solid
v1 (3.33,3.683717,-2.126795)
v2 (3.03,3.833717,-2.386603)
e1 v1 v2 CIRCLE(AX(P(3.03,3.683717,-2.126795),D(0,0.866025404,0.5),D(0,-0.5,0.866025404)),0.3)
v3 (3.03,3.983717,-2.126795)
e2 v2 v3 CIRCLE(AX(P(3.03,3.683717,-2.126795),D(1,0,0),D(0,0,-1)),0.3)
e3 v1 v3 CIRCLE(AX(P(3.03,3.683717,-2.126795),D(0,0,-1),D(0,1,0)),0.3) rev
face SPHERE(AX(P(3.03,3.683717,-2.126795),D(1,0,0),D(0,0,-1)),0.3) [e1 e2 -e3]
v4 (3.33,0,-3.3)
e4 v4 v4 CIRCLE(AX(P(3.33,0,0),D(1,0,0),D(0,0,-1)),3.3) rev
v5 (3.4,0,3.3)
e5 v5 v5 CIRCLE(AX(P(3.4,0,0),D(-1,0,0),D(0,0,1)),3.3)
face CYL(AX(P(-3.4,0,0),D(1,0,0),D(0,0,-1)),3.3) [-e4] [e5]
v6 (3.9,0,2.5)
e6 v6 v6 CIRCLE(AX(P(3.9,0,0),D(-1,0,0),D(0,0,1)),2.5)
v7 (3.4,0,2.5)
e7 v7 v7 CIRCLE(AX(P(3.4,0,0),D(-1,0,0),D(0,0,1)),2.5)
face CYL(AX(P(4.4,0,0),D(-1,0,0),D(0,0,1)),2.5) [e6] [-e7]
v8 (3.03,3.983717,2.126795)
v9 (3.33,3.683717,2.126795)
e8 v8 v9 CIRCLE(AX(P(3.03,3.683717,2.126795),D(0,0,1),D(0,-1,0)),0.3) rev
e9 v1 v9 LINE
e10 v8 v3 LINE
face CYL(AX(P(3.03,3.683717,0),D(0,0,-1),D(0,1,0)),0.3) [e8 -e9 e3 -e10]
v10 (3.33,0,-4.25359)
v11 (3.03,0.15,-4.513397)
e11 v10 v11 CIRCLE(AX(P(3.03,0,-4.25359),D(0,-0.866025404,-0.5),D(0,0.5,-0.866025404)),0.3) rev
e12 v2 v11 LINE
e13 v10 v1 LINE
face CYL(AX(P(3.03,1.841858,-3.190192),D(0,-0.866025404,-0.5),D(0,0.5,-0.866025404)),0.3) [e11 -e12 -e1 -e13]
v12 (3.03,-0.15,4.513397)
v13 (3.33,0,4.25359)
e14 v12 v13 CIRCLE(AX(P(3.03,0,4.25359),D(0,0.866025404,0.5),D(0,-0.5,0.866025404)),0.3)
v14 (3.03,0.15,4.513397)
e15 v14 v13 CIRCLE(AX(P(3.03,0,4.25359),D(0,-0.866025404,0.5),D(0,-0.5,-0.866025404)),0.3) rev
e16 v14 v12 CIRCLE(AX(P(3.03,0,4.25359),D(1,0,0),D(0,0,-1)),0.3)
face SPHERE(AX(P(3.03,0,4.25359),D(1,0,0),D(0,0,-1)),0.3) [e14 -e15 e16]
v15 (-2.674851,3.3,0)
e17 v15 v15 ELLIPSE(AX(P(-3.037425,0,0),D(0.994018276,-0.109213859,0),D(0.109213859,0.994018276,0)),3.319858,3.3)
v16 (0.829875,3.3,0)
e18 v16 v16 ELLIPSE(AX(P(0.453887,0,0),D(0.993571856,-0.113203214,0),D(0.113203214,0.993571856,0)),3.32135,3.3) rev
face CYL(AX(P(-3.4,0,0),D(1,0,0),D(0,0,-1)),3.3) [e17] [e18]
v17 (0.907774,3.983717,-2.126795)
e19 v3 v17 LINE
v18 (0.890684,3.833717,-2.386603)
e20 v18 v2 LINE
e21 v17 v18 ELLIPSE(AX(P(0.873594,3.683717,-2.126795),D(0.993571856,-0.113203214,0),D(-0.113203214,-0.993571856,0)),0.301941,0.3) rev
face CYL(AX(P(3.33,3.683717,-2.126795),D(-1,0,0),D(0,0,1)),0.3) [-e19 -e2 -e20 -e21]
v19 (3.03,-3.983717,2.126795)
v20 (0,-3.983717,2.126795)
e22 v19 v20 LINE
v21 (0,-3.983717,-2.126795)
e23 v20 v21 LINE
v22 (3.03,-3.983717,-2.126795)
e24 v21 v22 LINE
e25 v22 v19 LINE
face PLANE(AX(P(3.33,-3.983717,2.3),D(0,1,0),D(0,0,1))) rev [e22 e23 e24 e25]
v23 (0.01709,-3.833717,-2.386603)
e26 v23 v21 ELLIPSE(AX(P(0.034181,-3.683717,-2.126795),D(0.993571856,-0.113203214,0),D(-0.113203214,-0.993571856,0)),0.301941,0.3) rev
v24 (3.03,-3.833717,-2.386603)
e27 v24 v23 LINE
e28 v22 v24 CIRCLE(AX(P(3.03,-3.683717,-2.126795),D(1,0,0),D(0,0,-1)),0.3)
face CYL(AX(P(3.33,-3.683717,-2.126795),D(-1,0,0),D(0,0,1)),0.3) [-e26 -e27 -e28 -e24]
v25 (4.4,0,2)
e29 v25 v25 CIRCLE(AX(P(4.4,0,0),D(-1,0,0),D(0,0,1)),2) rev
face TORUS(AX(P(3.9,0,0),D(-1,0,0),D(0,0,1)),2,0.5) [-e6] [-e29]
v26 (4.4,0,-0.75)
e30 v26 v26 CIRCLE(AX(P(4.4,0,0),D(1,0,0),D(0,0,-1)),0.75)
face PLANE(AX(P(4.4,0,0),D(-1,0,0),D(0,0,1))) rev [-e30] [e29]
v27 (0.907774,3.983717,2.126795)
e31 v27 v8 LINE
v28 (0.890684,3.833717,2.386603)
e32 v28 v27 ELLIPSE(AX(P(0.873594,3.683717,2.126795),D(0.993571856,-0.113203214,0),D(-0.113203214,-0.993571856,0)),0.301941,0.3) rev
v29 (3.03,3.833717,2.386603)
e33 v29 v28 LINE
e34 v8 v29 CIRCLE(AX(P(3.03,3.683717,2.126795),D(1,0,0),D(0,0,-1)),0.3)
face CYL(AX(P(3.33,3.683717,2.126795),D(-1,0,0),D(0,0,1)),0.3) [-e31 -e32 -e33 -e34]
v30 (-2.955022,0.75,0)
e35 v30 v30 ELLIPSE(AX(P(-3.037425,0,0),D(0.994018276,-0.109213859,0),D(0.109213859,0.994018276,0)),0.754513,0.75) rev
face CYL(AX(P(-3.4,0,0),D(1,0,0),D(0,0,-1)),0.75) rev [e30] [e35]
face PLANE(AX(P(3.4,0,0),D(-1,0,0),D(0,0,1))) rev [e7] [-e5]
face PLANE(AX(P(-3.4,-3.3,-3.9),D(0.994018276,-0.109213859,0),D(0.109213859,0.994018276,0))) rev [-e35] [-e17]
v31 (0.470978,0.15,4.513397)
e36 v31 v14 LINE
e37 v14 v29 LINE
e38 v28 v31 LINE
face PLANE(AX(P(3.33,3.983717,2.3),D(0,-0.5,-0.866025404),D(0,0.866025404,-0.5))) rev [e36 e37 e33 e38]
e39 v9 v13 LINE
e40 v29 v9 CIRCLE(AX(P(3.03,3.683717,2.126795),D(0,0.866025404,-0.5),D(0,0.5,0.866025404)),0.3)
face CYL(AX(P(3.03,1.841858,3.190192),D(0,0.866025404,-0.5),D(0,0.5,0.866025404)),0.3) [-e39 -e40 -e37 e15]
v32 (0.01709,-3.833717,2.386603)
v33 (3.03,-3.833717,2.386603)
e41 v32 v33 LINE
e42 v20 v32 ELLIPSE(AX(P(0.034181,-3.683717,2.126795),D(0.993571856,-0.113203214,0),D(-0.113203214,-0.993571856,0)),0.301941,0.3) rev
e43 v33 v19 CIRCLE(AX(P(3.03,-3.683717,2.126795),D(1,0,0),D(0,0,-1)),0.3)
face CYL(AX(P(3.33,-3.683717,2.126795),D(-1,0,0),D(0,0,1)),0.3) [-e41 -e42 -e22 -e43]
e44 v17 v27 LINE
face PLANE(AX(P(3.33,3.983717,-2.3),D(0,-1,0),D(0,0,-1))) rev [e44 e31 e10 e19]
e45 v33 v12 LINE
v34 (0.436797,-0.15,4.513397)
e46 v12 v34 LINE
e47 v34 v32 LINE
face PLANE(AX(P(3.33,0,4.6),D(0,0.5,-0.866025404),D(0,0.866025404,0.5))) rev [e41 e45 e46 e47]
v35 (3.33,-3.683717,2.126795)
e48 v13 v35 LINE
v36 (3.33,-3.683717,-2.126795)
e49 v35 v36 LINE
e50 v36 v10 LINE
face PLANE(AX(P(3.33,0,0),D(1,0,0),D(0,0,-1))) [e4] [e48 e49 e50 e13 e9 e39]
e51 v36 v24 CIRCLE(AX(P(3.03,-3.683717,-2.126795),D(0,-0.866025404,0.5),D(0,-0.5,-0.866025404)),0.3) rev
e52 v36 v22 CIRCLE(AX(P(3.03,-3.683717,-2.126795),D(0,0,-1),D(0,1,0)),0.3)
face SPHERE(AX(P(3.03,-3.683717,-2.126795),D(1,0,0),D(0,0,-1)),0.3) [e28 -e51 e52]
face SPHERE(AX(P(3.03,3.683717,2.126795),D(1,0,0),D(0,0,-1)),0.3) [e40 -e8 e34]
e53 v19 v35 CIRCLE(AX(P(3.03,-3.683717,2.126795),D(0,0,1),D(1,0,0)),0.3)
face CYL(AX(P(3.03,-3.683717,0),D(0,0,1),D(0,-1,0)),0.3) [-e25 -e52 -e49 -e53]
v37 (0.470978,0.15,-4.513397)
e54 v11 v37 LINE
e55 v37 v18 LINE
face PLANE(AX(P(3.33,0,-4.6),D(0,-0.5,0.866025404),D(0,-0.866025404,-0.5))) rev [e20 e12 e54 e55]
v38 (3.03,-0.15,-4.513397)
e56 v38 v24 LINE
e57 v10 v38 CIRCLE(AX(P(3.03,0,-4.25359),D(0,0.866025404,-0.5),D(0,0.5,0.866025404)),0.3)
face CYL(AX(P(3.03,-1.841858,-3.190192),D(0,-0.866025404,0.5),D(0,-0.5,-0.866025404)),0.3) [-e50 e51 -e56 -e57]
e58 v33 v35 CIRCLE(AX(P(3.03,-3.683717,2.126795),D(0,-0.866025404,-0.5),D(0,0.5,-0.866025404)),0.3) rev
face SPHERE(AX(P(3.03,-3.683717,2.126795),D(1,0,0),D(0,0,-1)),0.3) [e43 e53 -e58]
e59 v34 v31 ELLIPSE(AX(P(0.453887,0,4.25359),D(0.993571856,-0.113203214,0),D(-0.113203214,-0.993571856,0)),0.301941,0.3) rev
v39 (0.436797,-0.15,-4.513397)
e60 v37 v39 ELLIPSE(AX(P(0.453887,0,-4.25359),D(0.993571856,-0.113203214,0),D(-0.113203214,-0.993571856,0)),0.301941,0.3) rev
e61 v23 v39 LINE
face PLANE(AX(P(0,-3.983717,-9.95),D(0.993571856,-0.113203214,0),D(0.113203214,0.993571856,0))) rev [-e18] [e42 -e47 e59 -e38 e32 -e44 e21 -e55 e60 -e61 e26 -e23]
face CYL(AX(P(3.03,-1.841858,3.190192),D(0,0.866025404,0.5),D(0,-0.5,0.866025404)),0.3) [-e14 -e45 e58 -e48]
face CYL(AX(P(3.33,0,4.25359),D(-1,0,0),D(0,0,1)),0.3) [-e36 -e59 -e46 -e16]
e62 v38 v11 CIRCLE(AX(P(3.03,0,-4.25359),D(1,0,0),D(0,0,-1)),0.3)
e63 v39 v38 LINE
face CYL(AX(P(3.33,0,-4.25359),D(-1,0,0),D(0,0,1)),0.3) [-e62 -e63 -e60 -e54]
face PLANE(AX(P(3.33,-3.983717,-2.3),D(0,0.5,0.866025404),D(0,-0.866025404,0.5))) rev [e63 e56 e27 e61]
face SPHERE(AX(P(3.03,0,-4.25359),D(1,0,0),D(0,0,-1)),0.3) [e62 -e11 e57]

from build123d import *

# Parameters (mm, degrees)
SALIENTE_EXTRUIR1_DEPTH = 3.33
REDONDEO1_R             = 0.3
CORTAR_EXTRUIR3_DEPTH   = 9.95
CROQUIS2_R              = 3.3
SALIENTE_EXTRUIR4_DEPTH = 3.4
CROQUIS6_R              = 2.5
SALIENTE_EXTRUIR5_DEPTH = 7.8
REDONDEO3_R             = 0.5
CROQUIS7_R              = 0.75
CORTAR_EXTRUIR4_DEPTH   = 10.871432541
CORTAR_EXTRUIR5_DEPTH   = 3.9


with BuildPart() as part:
    # Croquis1 → Saliente-Extruir1 (new body)
    with BuildSketch(Plane(origin=(0, 0, 0), x_dir=(0, 0, -1), z_dir=(1, 0, 0))):
        Polygon((-4.6, 0), (-2.3, -3.983716857), (2.3, -3.983716857), (4.6, 0), (2.3, 3.983716857), (-2.3, 3.983716857), align=None)
    extrude(amount=SALIENTE_EXTRUIR1_DEPTH)

    # Redondeo1
    redondeo1_edges = [part.edges().sort_by_distance(p)[0] for p in [
        (1.665, 3.983716857, 2.3),
        (1.665, 3.983716857, -2.3),
        (1.665, 0, -4.6),
        (1.665, -3.983716857, -2.3),
        (1.665, -3.983716857, 2.3),
        (1.665, 0, 4.6),
        (3.33, -3.983716857, 0),
        (3.33, -1.991858429, -3.45),
        (3.33, 1.991858429, -3.45),
        (3.33, 3.983716857, 0),
        (3.33, 1.991858429, 3.45),
        (3.33, -1.991858429, 3.45),
    ]]
    fillet(redondeo1_edges, radius=REDONDEO1_R)

    # Croquis5 → Cortar-Extruir3 (cut, symmetric)
    with BuildSketch(Plane.XY):
        Polygon((0, -3.983716857), (-2.185194876, -3.983716857), (-2.185194876, 4.171179011), (0.929133021, 4.171179011), align=None)
    extrude(amount=CORTAR_EXTRUIR3_DEPTH, both=True, mode=Mode.SUBTRACT)

    # Croquis2 → Saliente-Extruir4 (add, symmetric)
    with BuildSketch(Plane.ZY):
        with Locations(Location((0, 0, 0), (0, 0, 90))):
            Circle(CROQUIS2_R)
    extrude(amount=SALIENTE_EXTRUIR4_DEPTH, both=True)

    # Croquis6 → Saliente-Extruir5 (add)
    with BuildSketch(Plane.ZY.offset(3.4)):
        Circle(CROQUIS6_R)
    extrude(amount=-SALIENTE_EXTRUIR5_DEPTH)

    # Redondeo3
    redondeo3_edges = [part.edges().sort_by_distance(p)[0] for p in [
        (4.4, 0, -2.5),
    ]]
    fillet(redondeo3_edges, radius=REDONDEO3_R)

    # Croquis7 → Cortar-Extruir4 (cut, through all)
    with BuildSketch(Plane(origin=(4.4, 0, 0), x_dir=(0, 0, -1), z_dir=(1, 0, 0))):
        Circle(CROQUIS7_R)
    extrude(amount=-CORTAR_EXTRUIR4_DEPTH, mode=Mode.SUBTRACT)

    # Croquis8 → Cortar-Extruir5 (cut, symmetric)
    with BuildSketch(Plane.XY):
        Polygon((-3.4, -3.3), (-2.582609663, 4.139540535), (-3.4, 4.139540535), align=None)
    extrude(amount=CORTAR_EXTRUIR5_DEPTH, both=True, mode=Mode.SUBTRACT)


solid = part.part
